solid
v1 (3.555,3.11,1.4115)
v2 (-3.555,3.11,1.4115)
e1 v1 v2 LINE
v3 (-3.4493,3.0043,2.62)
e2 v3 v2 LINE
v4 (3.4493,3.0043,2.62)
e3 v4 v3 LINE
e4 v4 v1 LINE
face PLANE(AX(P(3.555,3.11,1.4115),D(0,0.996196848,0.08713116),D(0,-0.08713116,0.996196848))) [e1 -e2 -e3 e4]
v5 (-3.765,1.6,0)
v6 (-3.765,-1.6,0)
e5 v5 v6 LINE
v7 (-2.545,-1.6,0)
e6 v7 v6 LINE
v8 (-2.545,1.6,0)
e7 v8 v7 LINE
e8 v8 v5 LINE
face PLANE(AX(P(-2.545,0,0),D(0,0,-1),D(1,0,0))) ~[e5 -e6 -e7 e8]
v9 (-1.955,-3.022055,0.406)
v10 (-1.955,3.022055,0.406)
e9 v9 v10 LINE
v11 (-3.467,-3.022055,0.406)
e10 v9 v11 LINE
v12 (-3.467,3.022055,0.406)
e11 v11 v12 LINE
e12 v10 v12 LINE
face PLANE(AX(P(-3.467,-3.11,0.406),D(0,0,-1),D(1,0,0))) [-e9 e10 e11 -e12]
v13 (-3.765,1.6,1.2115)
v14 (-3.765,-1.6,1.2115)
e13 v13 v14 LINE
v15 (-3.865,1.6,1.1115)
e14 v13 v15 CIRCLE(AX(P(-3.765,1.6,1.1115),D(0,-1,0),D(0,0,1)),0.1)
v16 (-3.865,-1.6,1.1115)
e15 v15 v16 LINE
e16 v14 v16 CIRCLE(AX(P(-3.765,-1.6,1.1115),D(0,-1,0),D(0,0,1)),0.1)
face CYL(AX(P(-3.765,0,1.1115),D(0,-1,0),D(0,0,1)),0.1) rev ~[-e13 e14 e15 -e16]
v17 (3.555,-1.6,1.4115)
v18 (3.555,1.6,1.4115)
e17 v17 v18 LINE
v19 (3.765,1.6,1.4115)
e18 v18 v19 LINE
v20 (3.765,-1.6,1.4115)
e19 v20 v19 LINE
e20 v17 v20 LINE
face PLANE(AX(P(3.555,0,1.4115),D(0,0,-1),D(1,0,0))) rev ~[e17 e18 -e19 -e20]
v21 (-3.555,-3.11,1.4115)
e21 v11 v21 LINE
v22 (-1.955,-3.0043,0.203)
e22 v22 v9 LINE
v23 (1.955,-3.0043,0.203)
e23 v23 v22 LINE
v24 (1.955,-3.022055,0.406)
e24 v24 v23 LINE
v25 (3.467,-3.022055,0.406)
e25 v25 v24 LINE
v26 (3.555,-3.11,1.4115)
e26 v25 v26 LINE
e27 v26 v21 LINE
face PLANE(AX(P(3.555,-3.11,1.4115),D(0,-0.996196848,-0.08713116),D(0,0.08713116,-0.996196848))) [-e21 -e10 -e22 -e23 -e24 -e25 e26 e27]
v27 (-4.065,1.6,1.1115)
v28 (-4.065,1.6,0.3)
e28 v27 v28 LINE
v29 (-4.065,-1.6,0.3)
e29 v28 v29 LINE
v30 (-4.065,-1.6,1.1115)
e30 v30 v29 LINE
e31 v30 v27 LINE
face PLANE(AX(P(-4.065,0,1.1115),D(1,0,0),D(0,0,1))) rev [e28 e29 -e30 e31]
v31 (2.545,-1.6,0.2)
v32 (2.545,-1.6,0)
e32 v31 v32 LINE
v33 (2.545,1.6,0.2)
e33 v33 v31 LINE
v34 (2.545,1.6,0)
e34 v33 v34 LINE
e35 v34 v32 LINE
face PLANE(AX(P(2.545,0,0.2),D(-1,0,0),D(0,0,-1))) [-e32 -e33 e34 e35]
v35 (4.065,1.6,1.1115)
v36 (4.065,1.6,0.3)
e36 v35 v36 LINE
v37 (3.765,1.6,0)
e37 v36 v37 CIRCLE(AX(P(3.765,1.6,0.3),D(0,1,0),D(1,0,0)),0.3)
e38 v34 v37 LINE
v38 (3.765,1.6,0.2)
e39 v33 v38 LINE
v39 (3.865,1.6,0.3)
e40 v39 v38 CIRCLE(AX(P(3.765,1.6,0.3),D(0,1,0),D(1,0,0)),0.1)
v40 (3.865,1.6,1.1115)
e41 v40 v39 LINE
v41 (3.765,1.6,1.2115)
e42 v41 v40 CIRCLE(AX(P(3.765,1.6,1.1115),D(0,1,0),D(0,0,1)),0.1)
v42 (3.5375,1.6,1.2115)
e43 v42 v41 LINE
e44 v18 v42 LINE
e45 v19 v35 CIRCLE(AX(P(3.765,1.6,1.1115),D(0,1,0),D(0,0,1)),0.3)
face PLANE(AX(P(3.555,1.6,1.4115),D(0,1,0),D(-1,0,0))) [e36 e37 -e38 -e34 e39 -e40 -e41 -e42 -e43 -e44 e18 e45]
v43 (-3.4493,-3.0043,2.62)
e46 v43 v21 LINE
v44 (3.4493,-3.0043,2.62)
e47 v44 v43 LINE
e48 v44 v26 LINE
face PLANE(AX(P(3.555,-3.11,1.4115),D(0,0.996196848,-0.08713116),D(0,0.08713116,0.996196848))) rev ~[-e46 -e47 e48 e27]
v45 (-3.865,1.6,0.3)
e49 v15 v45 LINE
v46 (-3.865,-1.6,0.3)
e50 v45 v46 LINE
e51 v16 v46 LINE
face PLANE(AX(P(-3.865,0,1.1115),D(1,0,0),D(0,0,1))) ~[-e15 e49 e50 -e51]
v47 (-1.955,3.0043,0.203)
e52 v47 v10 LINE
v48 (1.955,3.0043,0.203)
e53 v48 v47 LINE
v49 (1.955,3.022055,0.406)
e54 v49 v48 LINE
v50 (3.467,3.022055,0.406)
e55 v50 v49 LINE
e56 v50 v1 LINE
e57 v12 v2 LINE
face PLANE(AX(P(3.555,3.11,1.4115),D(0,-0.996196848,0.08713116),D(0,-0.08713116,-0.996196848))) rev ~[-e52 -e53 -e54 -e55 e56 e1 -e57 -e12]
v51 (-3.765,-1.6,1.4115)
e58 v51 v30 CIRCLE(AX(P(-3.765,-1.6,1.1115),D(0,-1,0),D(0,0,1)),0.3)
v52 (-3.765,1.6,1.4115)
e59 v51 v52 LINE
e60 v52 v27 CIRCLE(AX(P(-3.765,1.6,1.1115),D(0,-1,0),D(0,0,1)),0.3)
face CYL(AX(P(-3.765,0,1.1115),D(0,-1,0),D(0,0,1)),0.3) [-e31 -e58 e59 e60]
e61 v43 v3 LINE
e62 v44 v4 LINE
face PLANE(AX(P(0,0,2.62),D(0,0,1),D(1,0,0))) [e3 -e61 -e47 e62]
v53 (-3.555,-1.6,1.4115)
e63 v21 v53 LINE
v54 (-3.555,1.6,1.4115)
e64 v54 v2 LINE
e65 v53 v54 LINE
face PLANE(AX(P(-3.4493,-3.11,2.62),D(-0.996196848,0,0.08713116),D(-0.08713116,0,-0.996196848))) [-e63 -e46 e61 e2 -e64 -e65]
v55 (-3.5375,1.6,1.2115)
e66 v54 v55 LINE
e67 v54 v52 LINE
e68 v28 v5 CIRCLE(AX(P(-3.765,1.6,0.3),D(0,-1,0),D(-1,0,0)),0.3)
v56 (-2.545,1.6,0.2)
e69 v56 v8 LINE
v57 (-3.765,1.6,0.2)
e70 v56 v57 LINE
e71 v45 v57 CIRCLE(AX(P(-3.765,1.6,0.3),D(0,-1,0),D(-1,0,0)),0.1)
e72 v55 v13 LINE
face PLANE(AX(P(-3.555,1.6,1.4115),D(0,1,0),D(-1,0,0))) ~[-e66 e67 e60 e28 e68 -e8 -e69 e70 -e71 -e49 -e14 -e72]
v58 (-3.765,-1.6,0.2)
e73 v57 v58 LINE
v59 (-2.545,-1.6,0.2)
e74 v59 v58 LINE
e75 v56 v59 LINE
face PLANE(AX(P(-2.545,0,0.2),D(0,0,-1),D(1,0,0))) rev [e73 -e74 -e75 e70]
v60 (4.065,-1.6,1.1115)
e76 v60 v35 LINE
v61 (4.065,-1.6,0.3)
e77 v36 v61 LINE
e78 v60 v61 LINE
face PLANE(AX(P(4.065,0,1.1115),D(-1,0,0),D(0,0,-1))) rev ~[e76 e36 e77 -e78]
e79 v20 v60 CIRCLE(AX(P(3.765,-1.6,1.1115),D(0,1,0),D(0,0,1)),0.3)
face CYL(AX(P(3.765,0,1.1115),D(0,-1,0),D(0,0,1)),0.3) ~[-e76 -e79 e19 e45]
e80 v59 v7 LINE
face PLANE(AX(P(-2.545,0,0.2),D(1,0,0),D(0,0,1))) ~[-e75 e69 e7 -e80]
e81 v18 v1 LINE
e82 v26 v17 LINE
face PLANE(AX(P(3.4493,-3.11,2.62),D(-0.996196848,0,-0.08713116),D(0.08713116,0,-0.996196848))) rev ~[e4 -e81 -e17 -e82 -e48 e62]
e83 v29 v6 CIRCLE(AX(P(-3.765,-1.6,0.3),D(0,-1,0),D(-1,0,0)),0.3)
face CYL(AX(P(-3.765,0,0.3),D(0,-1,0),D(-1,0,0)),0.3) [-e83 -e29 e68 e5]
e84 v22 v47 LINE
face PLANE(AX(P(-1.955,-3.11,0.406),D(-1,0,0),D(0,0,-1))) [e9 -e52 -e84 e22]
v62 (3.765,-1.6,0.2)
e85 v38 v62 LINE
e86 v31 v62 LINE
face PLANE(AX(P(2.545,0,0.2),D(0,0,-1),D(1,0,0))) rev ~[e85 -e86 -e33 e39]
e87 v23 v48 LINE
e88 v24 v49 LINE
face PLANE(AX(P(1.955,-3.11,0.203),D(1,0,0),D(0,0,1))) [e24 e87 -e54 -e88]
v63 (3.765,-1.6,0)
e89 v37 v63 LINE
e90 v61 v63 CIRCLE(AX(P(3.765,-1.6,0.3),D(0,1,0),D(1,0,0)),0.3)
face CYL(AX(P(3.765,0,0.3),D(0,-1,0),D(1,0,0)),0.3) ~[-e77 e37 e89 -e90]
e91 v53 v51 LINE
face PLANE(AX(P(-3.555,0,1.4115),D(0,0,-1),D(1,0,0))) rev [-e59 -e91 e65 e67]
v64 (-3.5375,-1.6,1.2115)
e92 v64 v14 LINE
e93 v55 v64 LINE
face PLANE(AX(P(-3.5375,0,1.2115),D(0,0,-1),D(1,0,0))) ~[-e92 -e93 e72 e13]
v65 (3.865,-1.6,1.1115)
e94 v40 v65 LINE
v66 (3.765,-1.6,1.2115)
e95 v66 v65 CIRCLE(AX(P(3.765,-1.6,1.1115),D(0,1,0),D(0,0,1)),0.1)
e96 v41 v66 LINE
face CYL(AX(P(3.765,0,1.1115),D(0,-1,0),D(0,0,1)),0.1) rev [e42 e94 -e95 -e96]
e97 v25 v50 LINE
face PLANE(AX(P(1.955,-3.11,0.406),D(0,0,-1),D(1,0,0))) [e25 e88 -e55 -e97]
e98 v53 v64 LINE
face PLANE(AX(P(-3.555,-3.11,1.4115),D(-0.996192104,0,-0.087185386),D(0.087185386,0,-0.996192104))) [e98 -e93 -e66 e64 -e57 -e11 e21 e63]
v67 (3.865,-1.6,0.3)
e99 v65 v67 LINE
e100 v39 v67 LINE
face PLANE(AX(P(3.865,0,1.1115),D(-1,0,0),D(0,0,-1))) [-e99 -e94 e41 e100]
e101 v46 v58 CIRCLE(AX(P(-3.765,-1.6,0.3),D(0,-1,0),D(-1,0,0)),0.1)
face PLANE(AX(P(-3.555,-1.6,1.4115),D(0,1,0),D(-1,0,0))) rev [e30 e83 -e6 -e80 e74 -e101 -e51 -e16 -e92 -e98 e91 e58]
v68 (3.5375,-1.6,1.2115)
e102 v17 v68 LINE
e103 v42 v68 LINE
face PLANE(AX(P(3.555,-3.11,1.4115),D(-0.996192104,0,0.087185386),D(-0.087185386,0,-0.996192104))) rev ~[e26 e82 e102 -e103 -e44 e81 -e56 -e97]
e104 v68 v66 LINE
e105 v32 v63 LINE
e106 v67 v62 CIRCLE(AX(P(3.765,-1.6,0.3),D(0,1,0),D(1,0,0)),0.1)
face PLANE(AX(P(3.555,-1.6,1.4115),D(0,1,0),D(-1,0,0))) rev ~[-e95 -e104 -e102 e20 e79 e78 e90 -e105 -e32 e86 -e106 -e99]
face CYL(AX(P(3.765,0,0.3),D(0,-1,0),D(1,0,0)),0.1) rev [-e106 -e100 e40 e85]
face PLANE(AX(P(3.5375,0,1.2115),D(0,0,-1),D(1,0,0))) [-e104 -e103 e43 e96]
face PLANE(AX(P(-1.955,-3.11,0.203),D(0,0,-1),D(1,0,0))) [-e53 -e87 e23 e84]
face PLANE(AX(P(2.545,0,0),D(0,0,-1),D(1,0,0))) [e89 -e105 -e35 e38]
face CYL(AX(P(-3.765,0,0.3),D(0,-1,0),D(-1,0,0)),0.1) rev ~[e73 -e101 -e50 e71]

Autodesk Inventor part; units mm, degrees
sketch "Эскиз1" plane through (0, 0, 0) normal (0, 0, 1) x (1, 0, 0)
  line L0 (-3.555, 3.11) -> (3.555, 3.11)
  line L1 (3.555, 3.11) -> (3.555, -3.11)
  line L2 (3.555, -3.11) -> (-3.555, -3.11)
  line L3 (-3.555, -3.11) -> (-3.555, 3.11)
  point P0 (0, 0)
  dimension "d0" = 3.555
  dimension "d1" = 3.11
  dimension "d2" = 7.11
  dimension "d3" = 6.22
extrude "Выдавливание1" add sketch "Эскиз1" along normal blind 2.62
sketch "Эскиз4" plane through (-3.555, -3.11, 0) normal (0, -1, 0) x (1, 0, 0)
  line L0 (7.11, 2.62) -> (0, 2.62) projected
  line L1 (0, 0) -> (0, 2.62) projected
  line L2 (7.11, 0) -> (0, 0) projected
  line L3 (7.11, 0) -> (7.11, 2.62) projected
  line L4 (0.1057, 2.62) -> (0, 1.4115)
  line L5 (0, 1.4115) -> (0.088, 0.406)
  line L6 (7.0043, 2.62) -> (7.11, 1.4115)
  line L7 (7.11, 1.4115) -> (7.022, 0.406)
  line L8 (0.088, 0.406) -> (1.6, 0.406)
  line L9 (1.6, 0.406) -> (1.6, 0.203)
  line L10 (1.6, 0.203) -> (5.51, 0.203)
  line L11 (5.51, 0.203) -> (5.51, 0.406)
  line L12 (5.51, 0.406) -> (7.022, 0.406)
  point P0 (3.555, 0)
  dimension "d24" = 0.203
  dimension "d25" = 0.203
  dimension "d26" = 1.6
  dimension "d27" = 1.6
  dimension "d28" = 1.2085
  dimension "d29" = 1.2085
  dimension "d30" = 1.2085
  dimension "d31" = 1.2085
  dimension "d32" = 5
  dimension "d33" = 5
  dimension "d34" = 5
  dimension "d35" = 5
extrude "Выдавливание3" cut sketch "Эскиз4" against normal through all contours L3 L6 L0 | L3 L2 L1 L5 L8 L9 L10 L11 L12 L7 | L4 L1 L0
ref_plane "РабПлоскость1" through (3.555, 0, 1.4115) normal (1, 0, 0) x (0, 1, 0)
sketch "Эскиз5" plane through (3.555, 0, 1.4115) normal (1, 0, 0) x (0, 1, 0)
  line L0 (3.11, 1.2085) -> (3.11, 0) projected
  line L1 (-3.11, 1.2085) -> (3.11, 1.2085) projected
  line L2 (-3.11, 0) -> (-3.11, 1.2085) projected
  line L3 (-3.11, 0) -> (3.11, 0) projected
  line L4 (3.11, 0) -> (3.11, -1.0055) projected
  line L5 (-3.11, 0) -> (3.11, 0) projected
  line L6 (-3.11, -1.0055) -> (-3.11, 0) projected
  line L7 (-3.11, -1.0055) -> (3.11, -1.0055) projected
  line L8 (-3.11, 0) -> (-3.0043, 1.2085)
  line L9 (3.11, 0) -> (3.0043, 1.2085)
  line L10 (-3.0043, 1.2085) -> (-3.11, 1.2085)
  line L11 (-3.11, 1.2085) -> (-3.11, 0)
  line L12 (3.11, 0) -> (3.11, 1.2085)
  line L13 (3.11, 1.2085) -> (3.0043, 1.2085)
  line L14 (3.11, -1.0055) -> (3.11, -1.2085) projected
  line L15 (-3.11, -1.0055) -> (3.11, -1.0055) projected
  line L16 (-3.11, -1.2085) -> (-3.11, -1.0055) projected
  line L17 (-3.11, -1.2085) -> (3.11, -1.2085) projected
  line L18 (-3.11, 0) -> (-3.0043, -1.2085)
  line L19 (-3.0043, -1.2085) -> (-3.11, -1.2085)
  line L20 (-3.11, -1.2085) -> (-3.11, 0)
  line L21 (3.11, 0) -> (3.0043, -1.2085)
  line L22 (3.0043, -1.2085) -> (3.11, -1.2085)
  line L23 (3.11, -1.2085) -> (3.11, 0)
  point P0 (0, -1.4115)
  dimension "d39" = 5
  dimension "d40" = 5
  dimension "d43" = 5
  dimension "d44" = 5
extrude "Выдавливание4" cut sketch "Эскиз5" against normal through all contours L0 L9 L1 | L4 L7 L21 | L18 L7 L6 | L2 L1 L8 | L14 L17 L21 L7 | L7 L18 L17 L16
ref_plane "РабПлоскость10" through (3.555, 0, 1.4115) normal (0, 1, 0) x (-1, 0, 0)
ref_plane "РабПлоскость8" through (3.555, -3.11, 1.4115) normal (0, 1, 0) x (-1, 0, 0)
ref_plane "РабПлоскость9" through (0, 3.11, 1.4115) normal (0, 1, 0) x (-1, 0, 0)
sketch "Эскиз7" plane through (3.555, 0, 1.4115) normal (0, 1, 0) x (-1, 0, 0)
  line L0 (0.1057, 1.2085) -> (0, 0) projected
  line L1 (7.0043, 1.2085) -> (0.1057, 1.2085) projected
  line L2 (7.11, 0) -> (7.0043, 1.2085) projected
  line L3 (0, 0) -> (7.11, 0) projected
  line L4 (0, 0) -> (0.088, -1.0055) projected
  line L5 (0, 0) -> (7.11, 0) projected
  line L6 (7.022, -1.0055) -> (7.11, 0) projected
  line L7 (5.51, -1.0055) -> (7.022, -1.0055) projected
  line L8 (5.51, -1.2085) -> (5.51, -1.0055) projected
  line L9 (1.6, -1.2085) -> (5.51, -1.2085) projected
  line L10 (1.6, -1.0055) -> (1.6, -1.2085) projected
  line L11 (0.088, -1.0055) -> (1.6, -1.0055) projected
  line L12 (3.555, -1.4115) -> (3.555, 2.1644) construction
  line L13 (-0.51, -0.3) -> (-0.51, -1.1115)
  line L14 (1.01, -1.4115) -> (-0.21, -1.4115)
  line L15 (1.01, -1.2115) -> (1.01, -1.4115)
  line L16 (1.01, -1.2115) -> (-0.21, -1.2115)
  line L17 (0, 0) -> (-0.21, 0)
  line L18 (0, 0) -> (0.0175, -0.2)
  line L19 (0.0175, -0.2) -> (-0.21, -0.2)
  line L20 (-0.31, -0.3) -> (-0.31, -1.1115)
  arc A0 (-0.31, -1.1115) -> (-0.21, -1.2115) centre (-0.21, -1.1115) ccw
  arc A1 (-0.21, -0.2) -> (-0.31, -0.3) centre (-0.21, -0.3) ccw
  arc A2 (-0.51, -1.1115) -> (-0.21, -1.4115) centre (-0.21, -1.1115) ccw
  arc A3 (-0.21, 0) -> (-0.51, -0.3) centre (-0.21, -0.3) ccw
  line L21 (3.555, -1.4115) -> (1.6, -1.4115) construction
  dimension "d62" = 4.065
  dimension "d64" = 1.52
  dimension "d65" = 0.2
  dimension "d66" = 0.2
  dimension "d67" = 0.2
  dimension "d68" = 0.2
  dimension "d69" = 0.2
extrude "Выдавливание6" add sketch "Эскиз7" along normal mid plane 3.2 contours L4 L19 A1 L20 A0 L16 L15 L14 A2 L13 A3 L17
ref_plane "РабПлоскость13" through (0, -3.11, 1.4115) normal (-1, 0, 0) x (0, -1, 0)
ref_plane "РабПлоскость11" through (3.555, 0, 1.4115) normal (1, 0, 0) x (0, 1, 0)
ref_plane "РабПлоскость12" through (-3.555, -3.11, 1.4115) normal (-1, 0, 0) x (0, -1, 0)
mirror "Зеркальное отражение2" about plane through (0, -3.11, 1.4115) normal (-1, 0, 0) of "Выдавливание6"
equation "\"d0\" = 0.5 * d2"
equation "\"d1\" = 0.5 * d3"
equation "\"d25\" = d24"
equation "\"d27\" = d26"
equation "\"d28\" = d29"
equation "\"d30\" = d31"
properties part number "DO-214AB (SMC)"
